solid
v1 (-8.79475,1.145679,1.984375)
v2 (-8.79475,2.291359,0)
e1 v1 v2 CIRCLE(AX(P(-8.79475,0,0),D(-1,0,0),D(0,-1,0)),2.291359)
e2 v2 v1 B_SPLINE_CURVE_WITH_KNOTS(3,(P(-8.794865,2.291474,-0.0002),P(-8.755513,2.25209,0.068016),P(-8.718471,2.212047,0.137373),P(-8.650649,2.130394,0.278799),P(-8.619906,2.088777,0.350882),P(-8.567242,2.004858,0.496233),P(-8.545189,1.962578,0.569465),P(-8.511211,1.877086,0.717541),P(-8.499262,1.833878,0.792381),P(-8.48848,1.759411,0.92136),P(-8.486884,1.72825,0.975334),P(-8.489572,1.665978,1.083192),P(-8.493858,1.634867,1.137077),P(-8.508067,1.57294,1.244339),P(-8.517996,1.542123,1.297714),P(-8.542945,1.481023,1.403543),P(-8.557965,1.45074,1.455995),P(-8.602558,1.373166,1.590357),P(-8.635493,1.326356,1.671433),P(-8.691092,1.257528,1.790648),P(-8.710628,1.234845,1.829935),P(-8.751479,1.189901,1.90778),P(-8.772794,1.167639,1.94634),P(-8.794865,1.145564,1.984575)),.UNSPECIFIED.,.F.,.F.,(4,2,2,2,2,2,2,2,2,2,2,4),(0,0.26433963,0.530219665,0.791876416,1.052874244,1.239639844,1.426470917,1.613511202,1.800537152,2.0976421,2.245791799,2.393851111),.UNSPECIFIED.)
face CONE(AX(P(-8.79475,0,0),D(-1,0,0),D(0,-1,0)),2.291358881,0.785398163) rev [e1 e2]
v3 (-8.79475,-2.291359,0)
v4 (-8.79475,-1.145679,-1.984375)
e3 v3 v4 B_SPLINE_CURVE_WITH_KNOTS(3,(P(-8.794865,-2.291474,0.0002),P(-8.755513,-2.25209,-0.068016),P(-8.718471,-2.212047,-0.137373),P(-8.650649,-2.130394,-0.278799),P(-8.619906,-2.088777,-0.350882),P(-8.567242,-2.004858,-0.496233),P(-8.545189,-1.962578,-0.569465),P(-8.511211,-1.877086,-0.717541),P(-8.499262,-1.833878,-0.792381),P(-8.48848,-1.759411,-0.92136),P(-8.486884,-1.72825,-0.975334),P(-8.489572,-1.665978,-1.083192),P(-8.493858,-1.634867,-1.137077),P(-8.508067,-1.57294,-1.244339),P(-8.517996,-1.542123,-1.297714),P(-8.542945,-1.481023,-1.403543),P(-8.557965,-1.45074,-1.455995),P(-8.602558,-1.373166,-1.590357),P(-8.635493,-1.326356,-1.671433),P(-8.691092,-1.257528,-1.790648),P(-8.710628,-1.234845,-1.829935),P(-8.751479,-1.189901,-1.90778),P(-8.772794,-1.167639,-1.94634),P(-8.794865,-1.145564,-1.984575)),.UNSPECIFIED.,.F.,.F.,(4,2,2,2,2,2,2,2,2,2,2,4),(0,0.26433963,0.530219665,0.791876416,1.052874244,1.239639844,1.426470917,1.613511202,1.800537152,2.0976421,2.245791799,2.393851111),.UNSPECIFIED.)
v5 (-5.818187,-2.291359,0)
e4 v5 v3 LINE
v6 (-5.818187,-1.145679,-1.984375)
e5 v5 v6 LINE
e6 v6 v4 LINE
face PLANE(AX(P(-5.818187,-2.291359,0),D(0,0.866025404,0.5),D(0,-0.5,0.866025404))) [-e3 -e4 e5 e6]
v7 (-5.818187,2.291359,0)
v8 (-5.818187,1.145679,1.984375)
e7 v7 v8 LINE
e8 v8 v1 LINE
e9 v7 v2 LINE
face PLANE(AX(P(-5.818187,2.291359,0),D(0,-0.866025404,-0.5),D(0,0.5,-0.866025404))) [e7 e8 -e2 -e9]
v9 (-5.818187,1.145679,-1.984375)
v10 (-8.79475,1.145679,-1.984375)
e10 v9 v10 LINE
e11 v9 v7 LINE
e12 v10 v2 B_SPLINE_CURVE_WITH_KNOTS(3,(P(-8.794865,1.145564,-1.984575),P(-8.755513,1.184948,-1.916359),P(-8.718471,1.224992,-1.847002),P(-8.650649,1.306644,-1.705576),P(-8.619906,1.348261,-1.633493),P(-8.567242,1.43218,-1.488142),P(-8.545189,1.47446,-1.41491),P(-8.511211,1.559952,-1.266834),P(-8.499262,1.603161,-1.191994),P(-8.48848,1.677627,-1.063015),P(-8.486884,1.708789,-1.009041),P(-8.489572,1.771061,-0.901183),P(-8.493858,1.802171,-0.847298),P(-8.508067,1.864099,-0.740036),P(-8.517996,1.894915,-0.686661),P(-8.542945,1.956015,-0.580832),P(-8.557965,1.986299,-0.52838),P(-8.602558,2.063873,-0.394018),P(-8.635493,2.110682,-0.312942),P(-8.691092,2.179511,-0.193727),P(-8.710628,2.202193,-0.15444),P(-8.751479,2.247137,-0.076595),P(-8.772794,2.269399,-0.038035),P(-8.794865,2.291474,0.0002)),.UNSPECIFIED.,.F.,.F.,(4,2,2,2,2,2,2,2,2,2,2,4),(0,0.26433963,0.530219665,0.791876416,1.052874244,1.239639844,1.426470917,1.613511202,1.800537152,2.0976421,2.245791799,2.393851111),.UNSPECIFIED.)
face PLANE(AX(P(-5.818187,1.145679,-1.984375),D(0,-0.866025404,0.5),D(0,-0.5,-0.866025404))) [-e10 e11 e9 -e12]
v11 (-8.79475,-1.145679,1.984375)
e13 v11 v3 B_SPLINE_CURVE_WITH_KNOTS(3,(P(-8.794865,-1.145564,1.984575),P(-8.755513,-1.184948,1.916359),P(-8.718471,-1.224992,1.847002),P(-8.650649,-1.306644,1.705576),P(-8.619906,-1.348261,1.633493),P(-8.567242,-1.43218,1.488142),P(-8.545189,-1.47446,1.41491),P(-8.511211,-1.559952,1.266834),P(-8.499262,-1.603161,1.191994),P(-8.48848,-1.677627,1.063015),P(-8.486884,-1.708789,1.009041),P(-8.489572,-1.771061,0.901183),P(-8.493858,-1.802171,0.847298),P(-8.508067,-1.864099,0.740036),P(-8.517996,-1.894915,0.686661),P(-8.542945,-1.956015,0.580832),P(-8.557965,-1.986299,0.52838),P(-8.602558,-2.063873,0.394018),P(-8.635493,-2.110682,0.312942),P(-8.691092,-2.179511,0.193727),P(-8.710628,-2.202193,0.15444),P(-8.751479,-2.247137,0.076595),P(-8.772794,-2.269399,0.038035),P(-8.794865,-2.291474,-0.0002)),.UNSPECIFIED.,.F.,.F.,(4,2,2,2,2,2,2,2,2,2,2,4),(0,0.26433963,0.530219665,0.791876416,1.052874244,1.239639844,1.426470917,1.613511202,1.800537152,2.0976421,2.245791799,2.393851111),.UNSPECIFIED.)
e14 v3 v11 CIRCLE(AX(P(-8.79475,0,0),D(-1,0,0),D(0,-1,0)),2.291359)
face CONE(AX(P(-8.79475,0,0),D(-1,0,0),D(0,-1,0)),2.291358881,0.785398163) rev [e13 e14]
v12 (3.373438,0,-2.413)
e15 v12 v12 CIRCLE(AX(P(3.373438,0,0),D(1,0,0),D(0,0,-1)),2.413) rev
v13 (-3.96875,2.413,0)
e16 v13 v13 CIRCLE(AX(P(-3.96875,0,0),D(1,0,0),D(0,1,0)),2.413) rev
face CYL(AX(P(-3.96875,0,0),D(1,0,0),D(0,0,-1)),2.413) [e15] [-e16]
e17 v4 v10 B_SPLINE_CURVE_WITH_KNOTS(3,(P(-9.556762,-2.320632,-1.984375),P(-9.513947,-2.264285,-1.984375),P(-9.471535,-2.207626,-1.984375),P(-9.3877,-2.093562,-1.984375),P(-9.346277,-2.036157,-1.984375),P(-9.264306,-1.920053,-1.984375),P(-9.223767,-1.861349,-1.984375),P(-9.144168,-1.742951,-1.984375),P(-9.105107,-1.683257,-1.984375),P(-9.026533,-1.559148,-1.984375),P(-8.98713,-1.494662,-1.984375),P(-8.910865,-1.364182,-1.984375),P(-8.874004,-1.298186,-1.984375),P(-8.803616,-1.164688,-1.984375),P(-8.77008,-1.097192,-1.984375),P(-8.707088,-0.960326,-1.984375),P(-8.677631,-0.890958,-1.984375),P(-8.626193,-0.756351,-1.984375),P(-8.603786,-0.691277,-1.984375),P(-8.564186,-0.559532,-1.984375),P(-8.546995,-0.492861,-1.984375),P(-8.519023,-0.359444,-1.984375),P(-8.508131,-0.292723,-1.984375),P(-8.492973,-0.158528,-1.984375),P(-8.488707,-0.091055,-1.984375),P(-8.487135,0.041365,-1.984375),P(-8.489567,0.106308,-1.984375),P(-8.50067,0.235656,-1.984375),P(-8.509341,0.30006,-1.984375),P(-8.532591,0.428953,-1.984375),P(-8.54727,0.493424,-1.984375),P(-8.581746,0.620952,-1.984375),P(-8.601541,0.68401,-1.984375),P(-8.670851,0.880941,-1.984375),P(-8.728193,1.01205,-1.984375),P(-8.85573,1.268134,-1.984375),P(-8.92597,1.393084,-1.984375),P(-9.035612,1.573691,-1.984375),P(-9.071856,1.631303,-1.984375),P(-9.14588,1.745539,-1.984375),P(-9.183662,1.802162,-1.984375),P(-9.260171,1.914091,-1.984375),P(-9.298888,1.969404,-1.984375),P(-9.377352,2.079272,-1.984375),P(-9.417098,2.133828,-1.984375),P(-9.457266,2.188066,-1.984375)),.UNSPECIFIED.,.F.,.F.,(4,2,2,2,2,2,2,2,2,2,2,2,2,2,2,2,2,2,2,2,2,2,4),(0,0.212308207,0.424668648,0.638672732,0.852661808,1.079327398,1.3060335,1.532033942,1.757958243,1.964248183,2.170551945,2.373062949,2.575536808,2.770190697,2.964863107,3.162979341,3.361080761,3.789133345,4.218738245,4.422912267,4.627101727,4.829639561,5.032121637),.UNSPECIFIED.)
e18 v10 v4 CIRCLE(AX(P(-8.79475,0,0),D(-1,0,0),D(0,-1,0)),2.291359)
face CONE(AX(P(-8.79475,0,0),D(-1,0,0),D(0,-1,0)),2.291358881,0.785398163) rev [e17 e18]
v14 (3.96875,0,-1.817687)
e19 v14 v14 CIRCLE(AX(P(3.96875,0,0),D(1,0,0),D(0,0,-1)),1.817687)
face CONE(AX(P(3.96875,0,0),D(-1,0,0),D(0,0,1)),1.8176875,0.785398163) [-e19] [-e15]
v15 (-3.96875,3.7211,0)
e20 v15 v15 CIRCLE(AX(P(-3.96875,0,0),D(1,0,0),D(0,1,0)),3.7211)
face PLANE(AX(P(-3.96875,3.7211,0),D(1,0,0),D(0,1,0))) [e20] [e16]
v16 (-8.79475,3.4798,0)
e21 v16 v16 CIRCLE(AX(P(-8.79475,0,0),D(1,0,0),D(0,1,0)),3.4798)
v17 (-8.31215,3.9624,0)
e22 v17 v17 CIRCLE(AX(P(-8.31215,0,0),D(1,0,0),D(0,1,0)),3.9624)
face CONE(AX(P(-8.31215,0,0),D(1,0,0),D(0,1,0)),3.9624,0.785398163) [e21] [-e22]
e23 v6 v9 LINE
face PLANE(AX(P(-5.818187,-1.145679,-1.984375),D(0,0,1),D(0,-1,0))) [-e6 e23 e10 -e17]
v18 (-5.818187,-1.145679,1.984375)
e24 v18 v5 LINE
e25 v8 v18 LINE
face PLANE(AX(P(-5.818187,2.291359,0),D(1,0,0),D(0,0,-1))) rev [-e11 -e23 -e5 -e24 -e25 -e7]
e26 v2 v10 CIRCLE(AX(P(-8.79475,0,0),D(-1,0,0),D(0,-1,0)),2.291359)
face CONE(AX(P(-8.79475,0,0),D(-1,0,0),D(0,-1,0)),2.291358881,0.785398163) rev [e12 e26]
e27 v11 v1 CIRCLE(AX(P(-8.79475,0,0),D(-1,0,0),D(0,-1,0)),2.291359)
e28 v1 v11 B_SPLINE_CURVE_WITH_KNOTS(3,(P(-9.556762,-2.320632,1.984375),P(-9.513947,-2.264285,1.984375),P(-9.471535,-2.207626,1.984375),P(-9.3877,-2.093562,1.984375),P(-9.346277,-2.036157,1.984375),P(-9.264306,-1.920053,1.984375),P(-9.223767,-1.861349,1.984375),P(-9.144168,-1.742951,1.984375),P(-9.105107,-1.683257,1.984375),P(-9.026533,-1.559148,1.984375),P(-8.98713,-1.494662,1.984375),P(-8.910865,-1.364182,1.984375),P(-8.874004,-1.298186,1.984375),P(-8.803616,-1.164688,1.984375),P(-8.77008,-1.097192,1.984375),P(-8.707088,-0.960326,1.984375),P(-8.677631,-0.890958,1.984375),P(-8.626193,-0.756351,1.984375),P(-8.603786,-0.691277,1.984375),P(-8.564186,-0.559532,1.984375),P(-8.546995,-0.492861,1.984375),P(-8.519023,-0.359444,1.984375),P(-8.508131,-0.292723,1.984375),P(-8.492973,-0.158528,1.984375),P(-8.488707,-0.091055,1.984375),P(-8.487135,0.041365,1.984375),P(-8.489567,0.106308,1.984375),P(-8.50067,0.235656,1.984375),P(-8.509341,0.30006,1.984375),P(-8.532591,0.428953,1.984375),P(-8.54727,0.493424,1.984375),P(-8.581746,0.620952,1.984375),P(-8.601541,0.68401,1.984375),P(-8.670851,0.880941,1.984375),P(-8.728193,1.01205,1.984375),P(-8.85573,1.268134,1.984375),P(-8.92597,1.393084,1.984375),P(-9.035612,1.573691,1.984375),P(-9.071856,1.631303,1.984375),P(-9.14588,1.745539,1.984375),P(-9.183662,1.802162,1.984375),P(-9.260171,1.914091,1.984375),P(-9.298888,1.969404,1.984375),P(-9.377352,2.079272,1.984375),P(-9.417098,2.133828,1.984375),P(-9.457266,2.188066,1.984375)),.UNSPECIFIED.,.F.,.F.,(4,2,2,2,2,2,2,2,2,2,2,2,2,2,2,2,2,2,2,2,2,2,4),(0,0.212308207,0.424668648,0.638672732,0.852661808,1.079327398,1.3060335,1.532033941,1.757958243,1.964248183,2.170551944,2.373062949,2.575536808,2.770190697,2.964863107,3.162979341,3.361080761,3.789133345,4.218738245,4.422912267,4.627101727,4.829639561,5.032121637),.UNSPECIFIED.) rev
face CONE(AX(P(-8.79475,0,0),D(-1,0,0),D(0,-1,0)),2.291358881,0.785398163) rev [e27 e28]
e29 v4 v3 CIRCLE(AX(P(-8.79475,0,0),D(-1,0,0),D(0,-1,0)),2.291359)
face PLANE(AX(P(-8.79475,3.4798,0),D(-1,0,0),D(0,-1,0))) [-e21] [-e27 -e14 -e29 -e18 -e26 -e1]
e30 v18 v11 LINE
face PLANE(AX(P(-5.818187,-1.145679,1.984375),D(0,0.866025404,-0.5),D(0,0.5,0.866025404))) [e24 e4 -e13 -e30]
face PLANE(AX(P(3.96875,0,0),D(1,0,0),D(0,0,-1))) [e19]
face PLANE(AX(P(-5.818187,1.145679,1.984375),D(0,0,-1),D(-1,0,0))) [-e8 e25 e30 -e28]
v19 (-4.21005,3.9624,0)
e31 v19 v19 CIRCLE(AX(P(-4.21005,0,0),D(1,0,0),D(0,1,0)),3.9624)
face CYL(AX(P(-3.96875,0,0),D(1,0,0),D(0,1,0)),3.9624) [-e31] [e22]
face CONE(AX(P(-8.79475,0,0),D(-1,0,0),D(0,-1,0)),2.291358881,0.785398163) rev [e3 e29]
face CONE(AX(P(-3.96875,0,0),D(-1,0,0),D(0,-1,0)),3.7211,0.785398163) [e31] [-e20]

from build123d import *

# Parameters (mm, degrees)
SKETCH2_R           = 2.413
BOSS_EXTRUDE1_DEPTH = 7.9375
CHAMFER1_SIZE       = 0.5953125
CUT_EXTRUDE1_DEPTH  = 2.976562
SKETCH8_R           = 2.291358881
CUT_EXTRUDE2_DEPTH  = 0.9652
CUT_EXTRUDE2_DRAFT  = -45


with BuildPart() as part:
    # Sketch2 → Boss-Extrude1 (new body)
    with BuildSketch(Plane(origin=(3.96875, 0, 0), x_dir=(0, 0, -1), z_dir=(1, 0, 0))):
        Circle(SKETCH2_R)
    extrude(amount=-BOSS_EXTRUDE1_DEPTH)

    # Chamfer1
    chamfer1_edges = [part.edges().sort_by_distance(p)[0] for p in [
        (3.96875, 0, 2.413),
    ]]
    chamfer(chamfer1_edges, length=CHAMFER1_SIZE)

    # Sketch6 → Revolve1 (revolve)
    with BuildSketch(Plane.XY):
        Polygon((-8.31215, 3.9624), (-8.79475, 3.4798), (-8.79475, 0), (-3.96875, 0), (-3.96875, 3.7211), (-4.21005, 3.9624), align=None)
    revolve(axis=Axis((-3.96875, 0, 0), (-1, 0, 0)))

    # Sketch4 → Cut-Extrude1 (cut)
    with BuildSketch(Plane(origin=(-8.79475, 0, 0), x_dir=(0, 0, -1), z_dir=(1, 0, 0))):
        Polygon((0, 2.291358881), (-1.984375, 1.14567944), (-1.984375, -1.14567944), (0, -2.291358881), (1.984375, -1.14567944), (1.984375, 1.14567944), align=None)
    extrude(amount=CUT_EXTRUDE1_DEPTH, mode=Mode.SUBTRACT)


with BuildPart() as cut_extrude2_tool:
    # Sketch8 → Cut-Extrude2 (with draft: the straight prism first)
    with BuildSketch(Plane.ZY.offset(8.79475)):
        Circle(SKETCH8_R)
    extrude(amount=-CUT_EXTRUDE2_DEPTH)
    # Cut-Extrude2: the draft: its side faces are tilted about the plane it starts from
    cut_extrude2_sides = [cut_extrude2_tool.faces().sort_by_distance(p)[0] for p in [
        (-8.31215, 0, -2.291358881),
    ]]
    draft(cut_extrude2_sides, Plane.ZY.offset(8.79475), CUT_EXTRUDE2_DRAFT)


with BuildPart() as part_1:
    add(part.part)

    # Cut-Extrude2: cut by cut_extrude2_tool
    add(cut_extrude2_tool.part, mode=Mode.SUBTRACT)


solid = part_1.part
